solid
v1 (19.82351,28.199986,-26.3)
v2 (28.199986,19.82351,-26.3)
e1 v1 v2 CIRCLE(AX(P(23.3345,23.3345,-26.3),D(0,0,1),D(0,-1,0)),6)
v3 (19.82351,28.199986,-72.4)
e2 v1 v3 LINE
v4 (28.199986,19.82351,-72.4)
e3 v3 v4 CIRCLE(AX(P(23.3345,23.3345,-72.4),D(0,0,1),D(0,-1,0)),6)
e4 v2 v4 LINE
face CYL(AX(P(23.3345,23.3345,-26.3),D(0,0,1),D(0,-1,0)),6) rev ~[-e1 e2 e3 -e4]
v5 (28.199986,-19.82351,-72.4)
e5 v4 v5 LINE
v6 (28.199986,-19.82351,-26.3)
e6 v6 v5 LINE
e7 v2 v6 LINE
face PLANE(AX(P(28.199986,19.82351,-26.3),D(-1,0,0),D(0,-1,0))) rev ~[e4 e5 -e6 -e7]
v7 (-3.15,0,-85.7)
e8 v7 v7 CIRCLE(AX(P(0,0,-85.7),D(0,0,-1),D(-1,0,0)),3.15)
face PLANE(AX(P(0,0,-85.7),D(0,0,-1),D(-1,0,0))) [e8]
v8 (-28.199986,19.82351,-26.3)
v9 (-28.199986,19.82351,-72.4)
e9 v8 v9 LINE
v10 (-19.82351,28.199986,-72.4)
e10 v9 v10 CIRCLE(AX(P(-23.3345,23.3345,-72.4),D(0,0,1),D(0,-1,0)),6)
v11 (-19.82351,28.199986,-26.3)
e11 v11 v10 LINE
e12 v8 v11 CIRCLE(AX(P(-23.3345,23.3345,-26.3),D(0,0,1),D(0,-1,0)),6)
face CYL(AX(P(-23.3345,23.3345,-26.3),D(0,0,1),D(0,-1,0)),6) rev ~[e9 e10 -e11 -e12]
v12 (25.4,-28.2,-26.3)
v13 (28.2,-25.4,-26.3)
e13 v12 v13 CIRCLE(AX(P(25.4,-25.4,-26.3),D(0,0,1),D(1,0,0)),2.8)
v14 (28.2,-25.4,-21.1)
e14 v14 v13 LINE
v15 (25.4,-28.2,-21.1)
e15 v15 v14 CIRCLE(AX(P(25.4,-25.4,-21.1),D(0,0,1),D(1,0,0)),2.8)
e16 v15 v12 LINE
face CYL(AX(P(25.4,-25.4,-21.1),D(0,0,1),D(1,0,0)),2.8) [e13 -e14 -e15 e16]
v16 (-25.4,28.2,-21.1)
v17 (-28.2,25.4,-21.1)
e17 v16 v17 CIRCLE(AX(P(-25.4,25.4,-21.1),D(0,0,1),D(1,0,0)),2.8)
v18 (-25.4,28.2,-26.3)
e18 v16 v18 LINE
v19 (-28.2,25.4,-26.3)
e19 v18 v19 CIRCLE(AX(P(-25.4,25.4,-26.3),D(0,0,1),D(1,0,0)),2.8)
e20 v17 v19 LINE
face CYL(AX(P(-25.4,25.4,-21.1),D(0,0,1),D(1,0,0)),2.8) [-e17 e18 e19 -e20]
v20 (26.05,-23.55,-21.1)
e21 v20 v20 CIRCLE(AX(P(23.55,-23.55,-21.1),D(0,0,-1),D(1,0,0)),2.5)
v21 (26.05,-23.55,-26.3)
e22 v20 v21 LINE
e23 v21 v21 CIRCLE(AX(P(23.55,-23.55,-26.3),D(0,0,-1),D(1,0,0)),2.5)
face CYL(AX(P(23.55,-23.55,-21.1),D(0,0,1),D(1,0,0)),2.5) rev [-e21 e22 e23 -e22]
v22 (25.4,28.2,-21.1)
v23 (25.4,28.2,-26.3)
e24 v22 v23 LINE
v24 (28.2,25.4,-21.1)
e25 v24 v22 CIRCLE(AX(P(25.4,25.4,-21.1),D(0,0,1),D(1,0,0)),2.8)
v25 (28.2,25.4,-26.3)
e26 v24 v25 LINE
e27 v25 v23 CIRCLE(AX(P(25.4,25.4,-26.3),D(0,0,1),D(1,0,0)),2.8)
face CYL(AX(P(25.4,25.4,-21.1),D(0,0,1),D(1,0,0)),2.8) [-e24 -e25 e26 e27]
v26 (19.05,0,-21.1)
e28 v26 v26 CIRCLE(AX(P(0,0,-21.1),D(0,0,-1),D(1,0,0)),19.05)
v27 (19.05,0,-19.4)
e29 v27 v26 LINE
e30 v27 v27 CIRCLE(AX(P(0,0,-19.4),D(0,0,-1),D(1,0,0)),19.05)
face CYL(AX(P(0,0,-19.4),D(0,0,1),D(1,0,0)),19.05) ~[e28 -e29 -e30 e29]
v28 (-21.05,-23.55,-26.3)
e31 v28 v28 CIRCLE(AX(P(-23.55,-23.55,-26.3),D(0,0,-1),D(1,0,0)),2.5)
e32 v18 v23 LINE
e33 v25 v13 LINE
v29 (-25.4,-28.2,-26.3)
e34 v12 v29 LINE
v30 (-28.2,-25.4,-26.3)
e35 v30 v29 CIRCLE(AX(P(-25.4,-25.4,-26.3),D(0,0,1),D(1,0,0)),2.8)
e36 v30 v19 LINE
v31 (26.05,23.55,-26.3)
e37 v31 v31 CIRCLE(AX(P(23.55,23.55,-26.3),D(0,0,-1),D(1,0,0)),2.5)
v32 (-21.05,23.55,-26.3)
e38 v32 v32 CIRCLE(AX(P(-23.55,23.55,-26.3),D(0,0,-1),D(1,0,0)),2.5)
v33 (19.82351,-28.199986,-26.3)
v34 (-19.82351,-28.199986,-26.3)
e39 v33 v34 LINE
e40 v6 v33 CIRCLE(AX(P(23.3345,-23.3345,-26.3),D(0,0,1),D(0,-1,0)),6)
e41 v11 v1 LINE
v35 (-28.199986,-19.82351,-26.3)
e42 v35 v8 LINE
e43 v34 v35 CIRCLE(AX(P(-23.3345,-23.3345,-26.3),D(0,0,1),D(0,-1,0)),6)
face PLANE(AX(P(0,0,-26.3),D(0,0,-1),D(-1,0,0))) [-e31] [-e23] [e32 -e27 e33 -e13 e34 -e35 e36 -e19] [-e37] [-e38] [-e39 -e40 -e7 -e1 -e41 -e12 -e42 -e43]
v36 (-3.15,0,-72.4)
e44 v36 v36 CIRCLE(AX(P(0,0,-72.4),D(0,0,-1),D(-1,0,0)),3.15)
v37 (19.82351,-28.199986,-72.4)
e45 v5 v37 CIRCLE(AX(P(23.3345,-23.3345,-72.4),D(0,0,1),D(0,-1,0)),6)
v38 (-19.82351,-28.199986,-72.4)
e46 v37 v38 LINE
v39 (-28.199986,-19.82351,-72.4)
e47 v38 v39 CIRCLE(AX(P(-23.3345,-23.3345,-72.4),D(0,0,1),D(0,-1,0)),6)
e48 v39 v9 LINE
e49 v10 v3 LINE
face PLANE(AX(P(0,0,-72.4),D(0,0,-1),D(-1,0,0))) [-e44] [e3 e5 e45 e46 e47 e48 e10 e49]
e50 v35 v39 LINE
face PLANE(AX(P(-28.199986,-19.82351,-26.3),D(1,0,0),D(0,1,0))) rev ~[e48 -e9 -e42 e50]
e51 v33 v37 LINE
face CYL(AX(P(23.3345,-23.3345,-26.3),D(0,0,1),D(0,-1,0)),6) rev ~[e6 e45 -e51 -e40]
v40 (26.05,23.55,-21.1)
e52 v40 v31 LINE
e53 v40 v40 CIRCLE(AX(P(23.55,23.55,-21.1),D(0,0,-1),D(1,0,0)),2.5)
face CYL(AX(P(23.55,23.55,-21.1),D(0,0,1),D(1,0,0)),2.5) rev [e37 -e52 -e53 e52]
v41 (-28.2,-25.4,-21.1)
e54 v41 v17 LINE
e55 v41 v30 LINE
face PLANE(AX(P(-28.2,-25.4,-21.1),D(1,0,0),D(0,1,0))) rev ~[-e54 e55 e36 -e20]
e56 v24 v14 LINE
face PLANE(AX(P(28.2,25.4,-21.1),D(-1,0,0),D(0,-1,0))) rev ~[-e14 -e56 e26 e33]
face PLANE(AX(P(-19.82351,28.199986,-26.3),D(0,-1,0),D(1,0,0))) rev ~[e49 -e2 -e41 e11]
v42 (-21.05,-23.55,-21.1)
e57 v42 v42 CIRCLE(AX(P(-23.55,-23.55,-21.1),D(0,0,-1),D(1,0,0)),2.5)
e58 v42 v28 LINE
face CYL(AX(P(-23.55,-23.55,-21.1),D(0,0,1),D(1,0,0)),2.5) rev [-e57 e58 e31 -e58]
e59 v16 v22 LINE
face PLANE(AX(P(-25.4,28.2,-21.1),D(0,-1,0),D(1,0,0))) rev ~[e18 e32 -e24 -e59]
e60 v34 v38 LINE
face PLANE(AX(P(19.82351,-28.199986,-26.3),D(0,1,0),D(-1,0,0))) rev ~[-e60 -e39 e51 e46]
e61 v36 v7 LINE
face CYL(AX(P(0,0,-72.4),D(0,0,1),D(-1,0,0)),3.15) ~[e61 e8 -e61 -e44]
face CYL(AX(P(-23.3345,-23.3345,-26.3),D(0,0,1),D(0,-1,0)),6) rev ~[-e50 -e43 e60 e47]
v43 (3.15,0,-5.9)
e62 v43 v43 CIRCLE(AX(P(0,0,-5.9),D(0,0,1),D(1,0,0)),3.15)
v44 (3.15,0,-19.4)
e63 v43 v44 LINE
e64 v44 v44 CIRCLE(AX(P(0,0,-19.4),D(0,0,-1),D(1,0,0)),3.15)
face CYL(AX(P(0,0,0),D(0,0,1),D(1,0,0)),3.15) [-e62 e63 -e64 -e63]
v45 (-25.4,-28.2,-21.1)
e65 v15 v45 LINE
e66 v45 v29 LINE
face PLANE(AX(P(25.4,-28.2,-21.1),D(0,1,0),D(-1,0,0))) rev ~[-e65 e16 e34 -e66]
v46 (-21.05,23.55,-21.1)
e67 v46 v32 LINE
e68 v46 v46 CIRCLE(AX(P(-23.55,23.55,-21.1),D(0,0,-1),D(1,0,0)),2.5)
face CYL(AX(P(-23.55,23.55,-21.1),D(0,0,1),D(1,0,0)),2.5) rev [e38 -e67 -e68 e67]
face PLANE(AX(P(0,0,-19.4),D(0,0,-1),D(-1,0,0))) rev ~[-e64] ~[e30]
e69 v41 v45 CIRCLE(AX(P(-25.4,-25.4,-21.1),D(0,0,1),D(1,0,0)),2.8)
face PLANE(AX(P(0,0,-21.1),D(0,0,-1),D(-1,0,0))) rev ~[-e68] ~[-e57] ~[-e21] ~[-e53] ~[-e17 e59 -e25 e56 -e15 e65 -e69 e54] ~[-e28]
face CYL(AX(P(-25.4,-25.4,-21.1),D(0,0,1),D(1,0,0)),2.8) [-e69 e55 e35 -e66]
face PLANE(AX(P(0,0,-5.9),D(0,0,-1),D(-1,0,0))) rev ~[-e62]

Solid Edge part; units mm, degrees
sketch "Sketch1" plane through (0, 0, 0) normal (0, 0, 1) x (1, 0, 0)
  circle A0 centre (0, 0) radius 3.15
extrude "Protrusion1" add sketch "Sketch1" against normal blind 9
sketch "Sketch2" plane through (0, 0, -9) normal (0, 0, -1) x (1, 0, 0)
  circle A0 centre (0, 0) radius 3.15
extrude "ExtrudedProtrusion_2" add sketch "Sketch2" along normal blind 10.4
sketch "Sketch3" plane through (0, 0, -19.4) normal (0, 0, -1) x (1, 0, 0)
  circle A0 centre (0, 0) radius 19.05
  dimension "D1" = 38.1
extrude "ExtrudedProtrusion_3" add sketch "Sketch3" along normal blind 1.7
sketch "Sketch4" plane through (0, 0, -21.1) normal (0, 0, -1) x (1, 0, 0)
  circle A0 centre (23.55, 23.55) radius 2.5
  circle A1 centre (23.55, -23.55) radius 2.5
  circle A2 centre (-23.55, -23.55) radius 2.5
  circle A3 centre (-23.55, 23.55) radius 2.5
  line L0 (-25.4, -28.2) -> (25.4, -28.2)
  arc A4 (28.2, -25.4) -> (25.4, -28.2) centre (25.4, -25.4) cw
  line L1 (28.2, -25.4) -> (28.2, 25.4)
  arc A5 (25.4, 28.2) -> (28.2, 25.4) centre (25.4, 25.4) cw
  line L2 (25.4, 28.2) -> (-25.4, 28.2)
  arc A6 (-28.2, 25.4) -> (-25.4, 28.2) centre (-25.4, 25.4) cw
  line L3 (-28.2, 25.4) -> (-28.2, -25.4)
  arc A7 (-25.4, -28.2) -> (-28.2, -25.4) centre (-25.4, -25.4) cw
  dimension "D1" = 47.1
  dimension "D2" = 47.1
  dimension "D3" = 56.4
extrude "ExtrudedProtrusion_4" add sketch "Sketch4" along normal blind 5.2
sketch "Sketch5" plane through (0, 0, -26.3) normal (0, 0, -1) x (0, -1, 0)
  line L0 (-28.2, 19.8235) -> (-28.2, -19.8235)
  line L1 (-19.8235, -28.2) -> (19.8235, -28.2)
  line L2 (28.2, -19.8235) -> (28.2, 19.8235)
  line L3 (19.8235, 28.2) -> (-19.8235, 28.2)
  arc A0 (-28.2, -19.8235) -> (-19.8235, -28.2) centre (-23.3345, -23.3345) cw
  arc A1 (19.8235, -28.2) -> (28.2, -19.8235) centre (23.3345, -23.3345) cw
  arc A2 (28.2, 19.8235) -> (19.8235, 28.2) centre (23.3345, 23.3345) cw
  arc A3 (-19.8235, 28.2) -> (-28.2, 19.8235) centre (-23.3345, 23.3345) cw
extrude "ExtrudedProtrusion_5" add sketch "Sketch5" along normal blind 46.1
sketch "Sketch6" plane through (0, 0, -72.4) normal (0, 0, -1) x (-1, 0, 0)
  circle A0 centre (0, 0) radius 3.15
extrude "ExtrudedProtrusion_6" add sketch "Sketch6" along normal blind 13.3
sketch "Sketch7" plane through (0, 0, 0) normal (0, -1, 0) x (1, 0, 0)
  line L0 (0, -5.9) -> (23.1327, -5.9)
extrude "Cutout1" cut sketch "Sketch7" along normal through all and the other way through all material side at (11.5663, 0, -5.85)
properties material "Stainless steel"
